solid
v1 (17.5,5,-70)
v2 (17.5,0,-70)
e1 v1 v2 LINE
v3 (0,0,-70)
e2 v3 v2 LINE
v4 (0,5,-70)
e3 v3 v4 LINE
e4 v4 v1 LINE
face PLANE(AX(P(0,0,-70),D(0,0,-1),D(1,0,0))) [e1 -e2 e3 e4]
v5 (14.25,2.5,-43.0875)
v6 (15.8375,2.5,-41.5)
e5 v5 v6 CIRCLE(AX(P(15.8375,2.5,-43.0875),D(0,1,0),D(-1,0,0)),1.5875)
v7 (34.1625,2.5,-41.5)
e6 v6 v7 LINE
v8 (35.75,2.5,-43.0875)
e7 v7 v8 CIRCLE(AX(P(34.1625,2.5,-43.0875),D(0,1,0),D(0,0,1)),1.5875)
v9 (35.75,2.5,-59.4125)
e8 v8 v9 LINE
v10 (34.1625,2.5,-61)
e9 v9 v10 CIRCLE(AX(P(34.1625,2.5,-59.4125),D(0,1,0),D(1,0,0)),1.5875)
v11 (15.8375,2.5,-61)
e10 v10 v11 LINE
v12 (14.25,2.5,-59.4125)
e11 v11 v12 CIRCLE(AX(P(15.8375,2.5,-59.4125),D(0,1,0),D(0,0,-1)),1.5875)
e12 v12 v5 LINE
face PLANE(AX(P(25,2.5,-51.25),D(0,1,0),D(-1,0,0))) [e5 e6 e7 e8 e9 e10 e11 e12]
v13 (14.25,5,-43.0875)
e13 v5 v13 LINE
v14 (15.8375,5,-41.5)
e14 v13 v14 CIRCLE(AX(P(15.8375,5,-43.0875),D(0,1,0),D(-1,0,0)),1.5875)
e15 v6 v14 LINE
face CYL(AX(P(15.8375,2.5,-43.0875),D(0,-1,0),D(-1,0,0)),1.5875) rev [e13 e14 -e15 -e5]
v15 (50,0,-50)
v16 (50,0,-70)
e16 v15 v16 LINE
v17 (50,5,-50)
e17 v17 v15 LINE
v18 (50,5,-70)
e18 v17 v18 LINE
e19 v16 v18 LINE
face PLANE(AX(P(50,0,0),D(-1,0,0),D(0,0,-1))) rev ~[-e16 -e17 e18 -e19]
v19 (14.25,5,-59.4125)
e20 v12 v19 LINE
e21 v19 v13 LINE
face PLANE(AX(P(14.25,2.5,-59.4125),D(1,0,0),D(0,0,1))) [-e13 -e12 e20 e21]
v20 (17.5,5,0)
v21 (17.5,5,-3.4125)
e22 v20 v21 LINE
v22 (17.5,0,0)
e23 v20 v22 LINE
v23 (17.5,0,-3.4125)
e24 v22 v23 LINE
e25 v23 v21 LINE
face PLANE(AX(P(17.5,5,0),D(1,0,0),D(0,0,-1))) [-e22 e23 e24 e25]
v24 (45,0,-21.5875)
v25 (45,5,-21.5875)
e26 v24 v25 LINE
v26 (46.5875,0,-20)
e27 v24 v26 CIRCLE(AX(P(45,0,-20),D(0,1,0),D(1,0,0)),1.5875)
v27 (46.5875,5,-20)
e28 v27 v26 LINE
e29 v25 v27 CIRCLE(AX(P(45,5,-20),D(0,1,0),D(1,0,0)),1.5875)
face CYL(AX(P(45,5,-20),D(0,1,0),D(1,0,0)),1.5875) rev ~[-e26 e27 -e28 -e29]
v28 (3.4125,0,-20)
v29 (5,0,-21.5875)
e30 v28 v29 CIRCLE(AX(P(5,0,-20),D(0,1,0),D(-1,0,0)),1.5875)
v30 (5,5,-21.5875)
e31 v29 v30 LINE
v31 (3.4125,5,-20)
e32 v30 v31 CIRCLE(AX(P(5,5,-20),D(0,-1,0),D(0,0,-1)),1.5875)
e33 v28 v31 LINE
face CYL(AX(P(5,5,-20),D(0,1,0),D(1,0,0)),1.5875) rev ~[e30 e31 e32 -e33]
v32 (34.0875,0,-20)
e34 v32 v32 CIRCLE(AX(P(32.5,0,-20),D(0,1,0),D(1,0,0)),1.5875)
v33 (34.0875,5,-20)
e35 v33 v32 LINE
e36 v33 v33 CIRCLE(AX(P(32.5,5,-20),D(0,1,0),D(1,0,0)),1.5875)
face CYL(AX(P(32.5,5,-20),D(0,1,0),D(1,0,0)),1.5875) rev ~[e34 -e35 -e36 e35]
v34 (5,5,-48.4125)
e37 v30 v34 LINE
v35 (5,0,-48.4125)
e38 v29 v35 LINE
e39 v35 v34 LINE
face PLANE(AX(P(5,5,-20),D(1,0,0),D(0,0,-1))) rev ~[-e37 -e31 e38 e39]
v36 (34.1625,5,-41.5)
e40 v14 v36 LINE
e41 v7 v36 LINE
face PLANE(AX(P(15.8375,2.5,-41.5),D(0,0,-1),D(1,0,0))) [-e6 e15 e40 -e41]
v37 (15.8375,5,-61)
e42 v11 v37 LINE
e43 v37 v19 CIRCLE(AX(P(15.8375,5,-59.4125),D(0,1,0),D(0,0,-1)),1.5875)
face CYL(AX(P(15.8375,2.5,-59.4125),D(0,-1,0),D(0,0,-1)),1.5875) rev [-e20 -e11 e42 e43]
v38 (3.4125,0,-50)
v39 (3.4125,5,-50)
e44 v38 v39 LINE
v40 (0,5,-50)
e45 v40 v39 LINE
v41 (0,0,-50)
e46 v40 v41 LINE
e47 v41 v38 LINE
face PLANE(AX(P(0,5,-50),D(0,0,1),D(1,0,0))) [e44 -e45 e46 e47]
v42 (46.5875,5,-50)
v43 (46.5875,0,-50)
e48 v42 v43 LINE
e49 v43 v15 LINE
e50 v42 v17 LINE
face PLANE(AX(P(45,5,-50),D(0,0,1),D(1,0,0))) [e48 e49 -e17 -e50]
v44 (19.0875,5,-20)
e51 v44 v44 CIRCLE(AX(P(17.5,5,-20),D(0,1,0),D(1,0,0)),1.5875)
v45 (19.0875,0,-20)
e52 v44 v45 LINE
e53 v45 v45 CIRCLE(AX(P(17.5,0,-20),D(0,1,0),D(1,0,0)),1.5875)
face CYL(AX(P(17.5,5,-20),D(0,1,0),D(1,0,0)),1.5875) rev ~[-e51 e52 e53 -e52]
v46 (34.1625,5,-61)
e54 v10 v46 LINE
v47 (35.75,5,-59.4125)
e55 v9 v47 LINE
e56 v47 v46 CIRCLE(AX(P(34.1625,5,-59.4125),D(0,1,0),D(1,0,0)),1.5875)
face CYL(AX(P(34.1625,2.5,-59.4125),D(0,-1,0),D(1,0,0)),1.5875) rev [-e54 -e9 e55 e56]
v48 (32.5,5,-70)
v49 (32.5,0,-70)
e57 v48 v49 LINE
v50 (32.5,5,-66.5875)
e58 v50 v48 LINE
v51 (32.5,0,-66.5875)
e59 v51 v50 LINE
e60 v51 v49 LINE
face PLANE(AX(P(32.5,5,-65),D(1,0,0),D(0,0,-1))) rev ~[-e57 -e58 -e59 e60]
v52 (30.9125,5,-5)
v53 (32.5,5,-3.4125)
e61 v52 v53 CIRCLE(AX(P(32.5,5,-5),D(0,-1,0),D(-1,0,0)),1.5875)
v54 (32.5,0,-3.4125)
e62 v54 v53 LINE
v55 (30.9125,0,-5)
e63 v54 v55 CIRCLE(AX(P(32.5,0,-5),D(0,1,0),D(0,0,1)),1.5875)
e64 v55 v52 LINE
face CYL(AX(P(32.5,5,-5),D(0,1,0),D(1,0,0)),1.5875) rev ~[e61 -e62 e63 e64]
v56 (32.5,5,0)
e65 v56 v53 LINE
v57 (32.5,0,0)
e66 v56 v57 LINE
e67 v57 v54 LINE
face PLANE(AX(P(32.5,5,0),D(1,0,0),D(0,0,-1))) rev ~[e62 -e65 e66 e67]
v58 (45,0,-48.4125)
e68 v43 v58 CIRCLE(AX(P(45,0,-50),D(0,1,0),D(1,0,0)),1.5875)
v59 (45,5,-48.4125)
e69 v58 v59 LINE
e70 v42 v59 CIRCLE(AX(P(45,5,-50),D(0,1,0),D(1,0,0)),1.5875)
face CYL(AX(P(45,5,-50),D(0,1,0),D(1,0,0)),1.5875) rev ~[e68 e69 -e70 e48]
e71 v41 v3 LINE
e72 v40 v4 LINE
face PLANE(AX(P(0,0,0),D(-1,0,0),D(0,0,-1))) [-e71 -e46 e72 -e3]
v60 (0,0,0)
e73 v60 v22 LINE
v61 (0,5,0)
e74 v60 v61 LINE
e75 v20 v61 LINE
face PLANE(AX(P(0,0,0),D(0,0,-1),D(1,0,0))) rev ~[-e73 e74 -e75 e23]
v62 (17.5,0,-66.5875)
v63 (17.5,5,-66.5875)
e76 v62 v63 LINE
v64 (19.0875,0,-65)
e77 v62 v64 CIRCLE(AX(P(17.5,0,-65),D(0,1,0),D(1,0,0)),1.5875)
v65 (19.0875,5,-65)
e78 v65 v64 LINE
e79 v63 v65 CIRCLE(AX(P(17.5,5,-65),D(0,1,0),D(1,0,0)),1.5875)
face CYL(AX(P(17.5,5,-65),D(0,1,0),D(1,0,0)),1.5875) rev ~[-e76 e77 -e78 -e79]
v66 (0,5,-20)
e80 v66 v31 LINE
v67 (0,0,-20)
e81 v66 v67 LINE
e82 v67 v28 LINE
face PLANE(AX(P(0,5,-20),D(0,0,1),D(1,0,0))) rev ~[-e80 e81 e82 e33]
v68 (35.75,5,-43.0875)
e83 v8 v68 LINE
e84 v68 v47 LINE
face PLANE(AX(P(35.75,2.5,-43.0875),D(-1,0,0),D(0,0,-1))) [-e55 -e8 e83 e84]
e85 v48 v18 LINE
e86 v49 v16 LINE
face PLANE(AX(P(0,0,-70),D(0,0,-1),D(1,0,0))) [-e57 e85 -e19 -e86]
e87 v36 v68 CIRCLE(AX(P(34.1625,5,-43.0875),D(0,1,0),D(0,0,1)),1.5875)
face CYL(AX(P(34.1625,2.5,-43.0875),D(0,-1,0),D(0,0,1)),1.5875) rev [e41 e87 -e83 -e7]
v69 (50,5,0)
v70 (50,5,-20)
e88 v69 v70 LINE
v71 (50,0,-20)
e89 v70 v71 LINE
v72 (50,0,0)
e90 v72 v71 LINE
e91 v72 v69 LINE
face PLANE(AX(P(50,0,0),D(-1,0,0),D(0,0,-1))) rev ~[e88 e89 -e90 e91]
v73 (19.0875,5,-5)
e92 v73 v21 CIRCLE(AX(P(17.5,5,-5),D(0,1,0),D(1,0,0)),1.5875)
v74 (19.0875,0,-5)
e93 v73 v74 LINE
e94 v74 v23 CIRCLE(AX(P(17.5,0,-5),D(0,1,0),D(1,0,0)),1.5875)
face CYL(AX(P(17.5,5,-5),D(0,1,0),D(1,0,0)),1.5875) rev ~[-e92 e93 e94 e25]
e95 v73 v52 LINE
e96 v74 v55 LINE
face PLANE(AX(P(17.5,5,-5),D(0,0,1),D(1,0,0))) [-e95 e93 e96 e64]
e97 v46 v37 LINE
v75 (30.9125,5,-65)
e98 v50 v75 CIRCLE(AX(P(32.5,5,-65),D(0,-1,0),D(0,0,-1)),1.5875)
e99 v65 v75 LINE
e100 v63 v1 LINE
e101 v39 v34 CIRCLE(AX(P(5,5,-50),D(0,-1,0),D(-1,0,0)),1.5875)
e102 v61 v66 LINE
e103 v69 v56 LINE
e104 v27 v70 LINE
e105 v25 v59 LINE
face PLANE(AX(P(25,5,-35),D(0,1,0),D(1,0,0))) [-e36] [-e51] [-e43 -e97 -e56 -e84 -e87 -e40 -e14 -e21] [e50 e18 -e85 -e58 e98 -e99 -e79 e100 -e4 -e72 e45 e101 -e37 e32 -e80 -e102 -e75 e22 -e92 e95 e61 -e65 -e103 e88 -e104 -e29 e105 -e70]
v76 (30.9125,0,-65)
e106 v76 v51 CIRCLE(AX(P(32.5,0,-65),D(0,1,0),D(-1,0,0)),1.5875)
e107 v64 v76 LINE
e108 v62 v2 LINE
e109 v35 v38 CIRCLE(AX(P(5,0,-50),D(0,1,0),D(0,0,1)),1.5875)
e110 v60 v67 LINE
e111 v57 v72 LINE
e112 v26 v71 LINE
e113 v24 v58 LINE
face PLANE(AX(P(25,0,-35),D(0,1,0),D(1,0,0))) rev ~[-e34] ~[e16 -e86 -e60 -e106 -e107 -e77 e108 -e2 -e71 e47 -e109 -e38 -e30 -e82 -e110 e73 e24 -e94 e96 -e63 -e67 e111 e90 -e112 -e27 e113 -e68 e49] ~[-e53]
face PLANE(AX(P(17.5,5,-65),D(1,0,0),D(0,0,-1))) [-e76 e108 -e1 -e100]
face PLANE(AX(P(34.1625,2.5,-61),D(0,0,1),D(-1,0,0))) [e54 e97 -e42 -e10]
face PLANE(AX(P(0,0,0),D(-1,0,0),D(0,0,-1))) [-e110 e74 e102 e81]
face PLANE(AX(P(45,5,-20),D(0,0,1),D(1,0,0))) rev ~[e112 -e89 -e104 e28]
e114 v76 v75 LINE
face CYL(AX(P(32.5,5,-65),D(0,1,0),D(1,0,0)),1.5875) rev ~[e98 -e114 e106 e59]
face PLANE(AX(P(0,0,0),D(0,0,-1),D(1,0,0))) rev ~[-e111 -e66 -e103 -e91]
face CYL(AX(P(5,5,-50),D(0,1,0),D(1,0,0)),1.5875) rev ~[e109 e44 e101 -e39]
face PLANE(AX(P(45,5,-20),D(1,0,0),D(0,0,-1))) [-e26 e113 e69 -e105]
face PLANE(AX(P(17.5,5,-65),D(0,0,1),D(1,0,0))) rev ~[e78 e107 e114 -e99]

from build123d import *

# Parameters (mm, degrees)
SKETCH1_W               = 50
SKETCH1_H               = 70
BOSS_EXTRUDE1_DEPTH     = 5
CUT_EXTRUDE2_START      = -2.5
CUT_EXTRUDE2_DEPTH      = 2.5
SKETCH5_W               = 5
SKETCH5_H               = 30
SKETCH5_W_2             = 15
SKETCH5_H_2             = 5
CUT_EXTRUDE3_DEPTH      = 1
CUT_EXTRUDE3_DEPTH_BACK = 6
SKETCH6_R               = 1.5875
CUT_EXTRUDE4_DEPTH      = 6


with BuildPart() as part:
    # Sketch1 → Boss-Extrude1 (new body)
    with BuildSketch(Plane(origin=(0, 0, 0), x_dir=(1, 0, 0), z_dir=(0, 1, 0))):
        with Locations((25, 35)):
            Rectangle(SKETCH1_W, SKETCH1_H)
    extrude(amount=BOSS_EXTRUDE1_DEPTH)

    # Sketch4 → Cut-Extrude2 (cut)
    with BuildSketch(Plane.XZ.offset(CUT_EXTRUDE2_START)):
        with BuildLine():
            Line((34.1625, -61), (15.8375, -61))
            ThreePointArc((15.8375, -61), (14.714967985, -60.535032015), (14.25, -59.4125))
            Line((14.25, -59.4125), (14.25, -43.0875))
            ThreePointArc((14.25, -43.0875), (14.714967985, -41.964967985), (15.8375, -41.5))
            Line((15.8375, -41.5), (34.1625, -41.5))
            ThreePointArc((34.1625, -41.5), (35.285032015, -41.964967985), (35.75, -43.0875))
            Line((35.75, -43.0875), (35.75, -59.4125))
            ThreePointArc((35.75, -59.4125), (35.285032015, -60.535032015), (34.1625, -61))
        make_face()
    extrude(amount=-CUT_EXTRUDE2_DEPTH, mode=Mode.SUBTRACT)

    # Sketch5 → Cut-Extrude3 (cut, two sides)
    with BuildSketch(Plane(origin=(0, 5, 0), x_dir=(1, 0, 0), z_dir=(0, 1, 0))) as cut_extrude3_sk:
        with Locations((2.5, 35)):
            Rectangle(SKETCH5_W, SKETCH5_H)
        with Locations((25, 67.5)):
            Rectangle(SKETCH5_W_2, SKETCH5_H_2)
        with Locations((47.5, 35)):
            Rectangle(SKETCH5_W, SKETCH5_H)
        with Locations((25, 2.5)):
            Rectangle(SKETCH5_W_2, SKETCH5_H_2)
    extrude(amount=CUT_EXTRUDE3_DEPTH, mode=Mode.SUBTRACT)
    extrude(cut_extrude3_sk.sketch, amount=-CUT_EXTRUDE3_DEPTH_BACK, mode=Mode.SUBTRACT)

    # Sketch6 → Cut-Extrude4 (cut, through all)
    with BuildSketch(Plane(origin=(0, 5, 0), x_dir=(1, 0, 0), z_dir=(0, 1, 0))):
        with Locations((5, 20)):
            Circle(SKETCH6_R)
        with Locations((5, 50)):
            Circle(SKETCH6_R)
        with Locations((17.5, 65)):
            Circle(SKETCH6_R)
        with Locations((32.5, 65)):
            Circle(SKETCH6_R)
        with Locations((45, 50)):
            Circle(SKETCH6_R)
        with Locations((45, 20)):
            Circle(SKETCH6_R)
        with Locations((32.5, 5)):
            Circle(SKETCH6_R)
        with Locations((17.5, 5)):
            Circle(SKETCH6_R)
        with Locations((17.5, 20)):
            Circle(SKETCH6_R)
        with Locations((32.5, 20)):
            Circle(SKETCH6_R)
    extrude(amount=-CUT_EXTRUDE4_DEPTH, mode=Mode.SUBTRACT)


solid = part.part
